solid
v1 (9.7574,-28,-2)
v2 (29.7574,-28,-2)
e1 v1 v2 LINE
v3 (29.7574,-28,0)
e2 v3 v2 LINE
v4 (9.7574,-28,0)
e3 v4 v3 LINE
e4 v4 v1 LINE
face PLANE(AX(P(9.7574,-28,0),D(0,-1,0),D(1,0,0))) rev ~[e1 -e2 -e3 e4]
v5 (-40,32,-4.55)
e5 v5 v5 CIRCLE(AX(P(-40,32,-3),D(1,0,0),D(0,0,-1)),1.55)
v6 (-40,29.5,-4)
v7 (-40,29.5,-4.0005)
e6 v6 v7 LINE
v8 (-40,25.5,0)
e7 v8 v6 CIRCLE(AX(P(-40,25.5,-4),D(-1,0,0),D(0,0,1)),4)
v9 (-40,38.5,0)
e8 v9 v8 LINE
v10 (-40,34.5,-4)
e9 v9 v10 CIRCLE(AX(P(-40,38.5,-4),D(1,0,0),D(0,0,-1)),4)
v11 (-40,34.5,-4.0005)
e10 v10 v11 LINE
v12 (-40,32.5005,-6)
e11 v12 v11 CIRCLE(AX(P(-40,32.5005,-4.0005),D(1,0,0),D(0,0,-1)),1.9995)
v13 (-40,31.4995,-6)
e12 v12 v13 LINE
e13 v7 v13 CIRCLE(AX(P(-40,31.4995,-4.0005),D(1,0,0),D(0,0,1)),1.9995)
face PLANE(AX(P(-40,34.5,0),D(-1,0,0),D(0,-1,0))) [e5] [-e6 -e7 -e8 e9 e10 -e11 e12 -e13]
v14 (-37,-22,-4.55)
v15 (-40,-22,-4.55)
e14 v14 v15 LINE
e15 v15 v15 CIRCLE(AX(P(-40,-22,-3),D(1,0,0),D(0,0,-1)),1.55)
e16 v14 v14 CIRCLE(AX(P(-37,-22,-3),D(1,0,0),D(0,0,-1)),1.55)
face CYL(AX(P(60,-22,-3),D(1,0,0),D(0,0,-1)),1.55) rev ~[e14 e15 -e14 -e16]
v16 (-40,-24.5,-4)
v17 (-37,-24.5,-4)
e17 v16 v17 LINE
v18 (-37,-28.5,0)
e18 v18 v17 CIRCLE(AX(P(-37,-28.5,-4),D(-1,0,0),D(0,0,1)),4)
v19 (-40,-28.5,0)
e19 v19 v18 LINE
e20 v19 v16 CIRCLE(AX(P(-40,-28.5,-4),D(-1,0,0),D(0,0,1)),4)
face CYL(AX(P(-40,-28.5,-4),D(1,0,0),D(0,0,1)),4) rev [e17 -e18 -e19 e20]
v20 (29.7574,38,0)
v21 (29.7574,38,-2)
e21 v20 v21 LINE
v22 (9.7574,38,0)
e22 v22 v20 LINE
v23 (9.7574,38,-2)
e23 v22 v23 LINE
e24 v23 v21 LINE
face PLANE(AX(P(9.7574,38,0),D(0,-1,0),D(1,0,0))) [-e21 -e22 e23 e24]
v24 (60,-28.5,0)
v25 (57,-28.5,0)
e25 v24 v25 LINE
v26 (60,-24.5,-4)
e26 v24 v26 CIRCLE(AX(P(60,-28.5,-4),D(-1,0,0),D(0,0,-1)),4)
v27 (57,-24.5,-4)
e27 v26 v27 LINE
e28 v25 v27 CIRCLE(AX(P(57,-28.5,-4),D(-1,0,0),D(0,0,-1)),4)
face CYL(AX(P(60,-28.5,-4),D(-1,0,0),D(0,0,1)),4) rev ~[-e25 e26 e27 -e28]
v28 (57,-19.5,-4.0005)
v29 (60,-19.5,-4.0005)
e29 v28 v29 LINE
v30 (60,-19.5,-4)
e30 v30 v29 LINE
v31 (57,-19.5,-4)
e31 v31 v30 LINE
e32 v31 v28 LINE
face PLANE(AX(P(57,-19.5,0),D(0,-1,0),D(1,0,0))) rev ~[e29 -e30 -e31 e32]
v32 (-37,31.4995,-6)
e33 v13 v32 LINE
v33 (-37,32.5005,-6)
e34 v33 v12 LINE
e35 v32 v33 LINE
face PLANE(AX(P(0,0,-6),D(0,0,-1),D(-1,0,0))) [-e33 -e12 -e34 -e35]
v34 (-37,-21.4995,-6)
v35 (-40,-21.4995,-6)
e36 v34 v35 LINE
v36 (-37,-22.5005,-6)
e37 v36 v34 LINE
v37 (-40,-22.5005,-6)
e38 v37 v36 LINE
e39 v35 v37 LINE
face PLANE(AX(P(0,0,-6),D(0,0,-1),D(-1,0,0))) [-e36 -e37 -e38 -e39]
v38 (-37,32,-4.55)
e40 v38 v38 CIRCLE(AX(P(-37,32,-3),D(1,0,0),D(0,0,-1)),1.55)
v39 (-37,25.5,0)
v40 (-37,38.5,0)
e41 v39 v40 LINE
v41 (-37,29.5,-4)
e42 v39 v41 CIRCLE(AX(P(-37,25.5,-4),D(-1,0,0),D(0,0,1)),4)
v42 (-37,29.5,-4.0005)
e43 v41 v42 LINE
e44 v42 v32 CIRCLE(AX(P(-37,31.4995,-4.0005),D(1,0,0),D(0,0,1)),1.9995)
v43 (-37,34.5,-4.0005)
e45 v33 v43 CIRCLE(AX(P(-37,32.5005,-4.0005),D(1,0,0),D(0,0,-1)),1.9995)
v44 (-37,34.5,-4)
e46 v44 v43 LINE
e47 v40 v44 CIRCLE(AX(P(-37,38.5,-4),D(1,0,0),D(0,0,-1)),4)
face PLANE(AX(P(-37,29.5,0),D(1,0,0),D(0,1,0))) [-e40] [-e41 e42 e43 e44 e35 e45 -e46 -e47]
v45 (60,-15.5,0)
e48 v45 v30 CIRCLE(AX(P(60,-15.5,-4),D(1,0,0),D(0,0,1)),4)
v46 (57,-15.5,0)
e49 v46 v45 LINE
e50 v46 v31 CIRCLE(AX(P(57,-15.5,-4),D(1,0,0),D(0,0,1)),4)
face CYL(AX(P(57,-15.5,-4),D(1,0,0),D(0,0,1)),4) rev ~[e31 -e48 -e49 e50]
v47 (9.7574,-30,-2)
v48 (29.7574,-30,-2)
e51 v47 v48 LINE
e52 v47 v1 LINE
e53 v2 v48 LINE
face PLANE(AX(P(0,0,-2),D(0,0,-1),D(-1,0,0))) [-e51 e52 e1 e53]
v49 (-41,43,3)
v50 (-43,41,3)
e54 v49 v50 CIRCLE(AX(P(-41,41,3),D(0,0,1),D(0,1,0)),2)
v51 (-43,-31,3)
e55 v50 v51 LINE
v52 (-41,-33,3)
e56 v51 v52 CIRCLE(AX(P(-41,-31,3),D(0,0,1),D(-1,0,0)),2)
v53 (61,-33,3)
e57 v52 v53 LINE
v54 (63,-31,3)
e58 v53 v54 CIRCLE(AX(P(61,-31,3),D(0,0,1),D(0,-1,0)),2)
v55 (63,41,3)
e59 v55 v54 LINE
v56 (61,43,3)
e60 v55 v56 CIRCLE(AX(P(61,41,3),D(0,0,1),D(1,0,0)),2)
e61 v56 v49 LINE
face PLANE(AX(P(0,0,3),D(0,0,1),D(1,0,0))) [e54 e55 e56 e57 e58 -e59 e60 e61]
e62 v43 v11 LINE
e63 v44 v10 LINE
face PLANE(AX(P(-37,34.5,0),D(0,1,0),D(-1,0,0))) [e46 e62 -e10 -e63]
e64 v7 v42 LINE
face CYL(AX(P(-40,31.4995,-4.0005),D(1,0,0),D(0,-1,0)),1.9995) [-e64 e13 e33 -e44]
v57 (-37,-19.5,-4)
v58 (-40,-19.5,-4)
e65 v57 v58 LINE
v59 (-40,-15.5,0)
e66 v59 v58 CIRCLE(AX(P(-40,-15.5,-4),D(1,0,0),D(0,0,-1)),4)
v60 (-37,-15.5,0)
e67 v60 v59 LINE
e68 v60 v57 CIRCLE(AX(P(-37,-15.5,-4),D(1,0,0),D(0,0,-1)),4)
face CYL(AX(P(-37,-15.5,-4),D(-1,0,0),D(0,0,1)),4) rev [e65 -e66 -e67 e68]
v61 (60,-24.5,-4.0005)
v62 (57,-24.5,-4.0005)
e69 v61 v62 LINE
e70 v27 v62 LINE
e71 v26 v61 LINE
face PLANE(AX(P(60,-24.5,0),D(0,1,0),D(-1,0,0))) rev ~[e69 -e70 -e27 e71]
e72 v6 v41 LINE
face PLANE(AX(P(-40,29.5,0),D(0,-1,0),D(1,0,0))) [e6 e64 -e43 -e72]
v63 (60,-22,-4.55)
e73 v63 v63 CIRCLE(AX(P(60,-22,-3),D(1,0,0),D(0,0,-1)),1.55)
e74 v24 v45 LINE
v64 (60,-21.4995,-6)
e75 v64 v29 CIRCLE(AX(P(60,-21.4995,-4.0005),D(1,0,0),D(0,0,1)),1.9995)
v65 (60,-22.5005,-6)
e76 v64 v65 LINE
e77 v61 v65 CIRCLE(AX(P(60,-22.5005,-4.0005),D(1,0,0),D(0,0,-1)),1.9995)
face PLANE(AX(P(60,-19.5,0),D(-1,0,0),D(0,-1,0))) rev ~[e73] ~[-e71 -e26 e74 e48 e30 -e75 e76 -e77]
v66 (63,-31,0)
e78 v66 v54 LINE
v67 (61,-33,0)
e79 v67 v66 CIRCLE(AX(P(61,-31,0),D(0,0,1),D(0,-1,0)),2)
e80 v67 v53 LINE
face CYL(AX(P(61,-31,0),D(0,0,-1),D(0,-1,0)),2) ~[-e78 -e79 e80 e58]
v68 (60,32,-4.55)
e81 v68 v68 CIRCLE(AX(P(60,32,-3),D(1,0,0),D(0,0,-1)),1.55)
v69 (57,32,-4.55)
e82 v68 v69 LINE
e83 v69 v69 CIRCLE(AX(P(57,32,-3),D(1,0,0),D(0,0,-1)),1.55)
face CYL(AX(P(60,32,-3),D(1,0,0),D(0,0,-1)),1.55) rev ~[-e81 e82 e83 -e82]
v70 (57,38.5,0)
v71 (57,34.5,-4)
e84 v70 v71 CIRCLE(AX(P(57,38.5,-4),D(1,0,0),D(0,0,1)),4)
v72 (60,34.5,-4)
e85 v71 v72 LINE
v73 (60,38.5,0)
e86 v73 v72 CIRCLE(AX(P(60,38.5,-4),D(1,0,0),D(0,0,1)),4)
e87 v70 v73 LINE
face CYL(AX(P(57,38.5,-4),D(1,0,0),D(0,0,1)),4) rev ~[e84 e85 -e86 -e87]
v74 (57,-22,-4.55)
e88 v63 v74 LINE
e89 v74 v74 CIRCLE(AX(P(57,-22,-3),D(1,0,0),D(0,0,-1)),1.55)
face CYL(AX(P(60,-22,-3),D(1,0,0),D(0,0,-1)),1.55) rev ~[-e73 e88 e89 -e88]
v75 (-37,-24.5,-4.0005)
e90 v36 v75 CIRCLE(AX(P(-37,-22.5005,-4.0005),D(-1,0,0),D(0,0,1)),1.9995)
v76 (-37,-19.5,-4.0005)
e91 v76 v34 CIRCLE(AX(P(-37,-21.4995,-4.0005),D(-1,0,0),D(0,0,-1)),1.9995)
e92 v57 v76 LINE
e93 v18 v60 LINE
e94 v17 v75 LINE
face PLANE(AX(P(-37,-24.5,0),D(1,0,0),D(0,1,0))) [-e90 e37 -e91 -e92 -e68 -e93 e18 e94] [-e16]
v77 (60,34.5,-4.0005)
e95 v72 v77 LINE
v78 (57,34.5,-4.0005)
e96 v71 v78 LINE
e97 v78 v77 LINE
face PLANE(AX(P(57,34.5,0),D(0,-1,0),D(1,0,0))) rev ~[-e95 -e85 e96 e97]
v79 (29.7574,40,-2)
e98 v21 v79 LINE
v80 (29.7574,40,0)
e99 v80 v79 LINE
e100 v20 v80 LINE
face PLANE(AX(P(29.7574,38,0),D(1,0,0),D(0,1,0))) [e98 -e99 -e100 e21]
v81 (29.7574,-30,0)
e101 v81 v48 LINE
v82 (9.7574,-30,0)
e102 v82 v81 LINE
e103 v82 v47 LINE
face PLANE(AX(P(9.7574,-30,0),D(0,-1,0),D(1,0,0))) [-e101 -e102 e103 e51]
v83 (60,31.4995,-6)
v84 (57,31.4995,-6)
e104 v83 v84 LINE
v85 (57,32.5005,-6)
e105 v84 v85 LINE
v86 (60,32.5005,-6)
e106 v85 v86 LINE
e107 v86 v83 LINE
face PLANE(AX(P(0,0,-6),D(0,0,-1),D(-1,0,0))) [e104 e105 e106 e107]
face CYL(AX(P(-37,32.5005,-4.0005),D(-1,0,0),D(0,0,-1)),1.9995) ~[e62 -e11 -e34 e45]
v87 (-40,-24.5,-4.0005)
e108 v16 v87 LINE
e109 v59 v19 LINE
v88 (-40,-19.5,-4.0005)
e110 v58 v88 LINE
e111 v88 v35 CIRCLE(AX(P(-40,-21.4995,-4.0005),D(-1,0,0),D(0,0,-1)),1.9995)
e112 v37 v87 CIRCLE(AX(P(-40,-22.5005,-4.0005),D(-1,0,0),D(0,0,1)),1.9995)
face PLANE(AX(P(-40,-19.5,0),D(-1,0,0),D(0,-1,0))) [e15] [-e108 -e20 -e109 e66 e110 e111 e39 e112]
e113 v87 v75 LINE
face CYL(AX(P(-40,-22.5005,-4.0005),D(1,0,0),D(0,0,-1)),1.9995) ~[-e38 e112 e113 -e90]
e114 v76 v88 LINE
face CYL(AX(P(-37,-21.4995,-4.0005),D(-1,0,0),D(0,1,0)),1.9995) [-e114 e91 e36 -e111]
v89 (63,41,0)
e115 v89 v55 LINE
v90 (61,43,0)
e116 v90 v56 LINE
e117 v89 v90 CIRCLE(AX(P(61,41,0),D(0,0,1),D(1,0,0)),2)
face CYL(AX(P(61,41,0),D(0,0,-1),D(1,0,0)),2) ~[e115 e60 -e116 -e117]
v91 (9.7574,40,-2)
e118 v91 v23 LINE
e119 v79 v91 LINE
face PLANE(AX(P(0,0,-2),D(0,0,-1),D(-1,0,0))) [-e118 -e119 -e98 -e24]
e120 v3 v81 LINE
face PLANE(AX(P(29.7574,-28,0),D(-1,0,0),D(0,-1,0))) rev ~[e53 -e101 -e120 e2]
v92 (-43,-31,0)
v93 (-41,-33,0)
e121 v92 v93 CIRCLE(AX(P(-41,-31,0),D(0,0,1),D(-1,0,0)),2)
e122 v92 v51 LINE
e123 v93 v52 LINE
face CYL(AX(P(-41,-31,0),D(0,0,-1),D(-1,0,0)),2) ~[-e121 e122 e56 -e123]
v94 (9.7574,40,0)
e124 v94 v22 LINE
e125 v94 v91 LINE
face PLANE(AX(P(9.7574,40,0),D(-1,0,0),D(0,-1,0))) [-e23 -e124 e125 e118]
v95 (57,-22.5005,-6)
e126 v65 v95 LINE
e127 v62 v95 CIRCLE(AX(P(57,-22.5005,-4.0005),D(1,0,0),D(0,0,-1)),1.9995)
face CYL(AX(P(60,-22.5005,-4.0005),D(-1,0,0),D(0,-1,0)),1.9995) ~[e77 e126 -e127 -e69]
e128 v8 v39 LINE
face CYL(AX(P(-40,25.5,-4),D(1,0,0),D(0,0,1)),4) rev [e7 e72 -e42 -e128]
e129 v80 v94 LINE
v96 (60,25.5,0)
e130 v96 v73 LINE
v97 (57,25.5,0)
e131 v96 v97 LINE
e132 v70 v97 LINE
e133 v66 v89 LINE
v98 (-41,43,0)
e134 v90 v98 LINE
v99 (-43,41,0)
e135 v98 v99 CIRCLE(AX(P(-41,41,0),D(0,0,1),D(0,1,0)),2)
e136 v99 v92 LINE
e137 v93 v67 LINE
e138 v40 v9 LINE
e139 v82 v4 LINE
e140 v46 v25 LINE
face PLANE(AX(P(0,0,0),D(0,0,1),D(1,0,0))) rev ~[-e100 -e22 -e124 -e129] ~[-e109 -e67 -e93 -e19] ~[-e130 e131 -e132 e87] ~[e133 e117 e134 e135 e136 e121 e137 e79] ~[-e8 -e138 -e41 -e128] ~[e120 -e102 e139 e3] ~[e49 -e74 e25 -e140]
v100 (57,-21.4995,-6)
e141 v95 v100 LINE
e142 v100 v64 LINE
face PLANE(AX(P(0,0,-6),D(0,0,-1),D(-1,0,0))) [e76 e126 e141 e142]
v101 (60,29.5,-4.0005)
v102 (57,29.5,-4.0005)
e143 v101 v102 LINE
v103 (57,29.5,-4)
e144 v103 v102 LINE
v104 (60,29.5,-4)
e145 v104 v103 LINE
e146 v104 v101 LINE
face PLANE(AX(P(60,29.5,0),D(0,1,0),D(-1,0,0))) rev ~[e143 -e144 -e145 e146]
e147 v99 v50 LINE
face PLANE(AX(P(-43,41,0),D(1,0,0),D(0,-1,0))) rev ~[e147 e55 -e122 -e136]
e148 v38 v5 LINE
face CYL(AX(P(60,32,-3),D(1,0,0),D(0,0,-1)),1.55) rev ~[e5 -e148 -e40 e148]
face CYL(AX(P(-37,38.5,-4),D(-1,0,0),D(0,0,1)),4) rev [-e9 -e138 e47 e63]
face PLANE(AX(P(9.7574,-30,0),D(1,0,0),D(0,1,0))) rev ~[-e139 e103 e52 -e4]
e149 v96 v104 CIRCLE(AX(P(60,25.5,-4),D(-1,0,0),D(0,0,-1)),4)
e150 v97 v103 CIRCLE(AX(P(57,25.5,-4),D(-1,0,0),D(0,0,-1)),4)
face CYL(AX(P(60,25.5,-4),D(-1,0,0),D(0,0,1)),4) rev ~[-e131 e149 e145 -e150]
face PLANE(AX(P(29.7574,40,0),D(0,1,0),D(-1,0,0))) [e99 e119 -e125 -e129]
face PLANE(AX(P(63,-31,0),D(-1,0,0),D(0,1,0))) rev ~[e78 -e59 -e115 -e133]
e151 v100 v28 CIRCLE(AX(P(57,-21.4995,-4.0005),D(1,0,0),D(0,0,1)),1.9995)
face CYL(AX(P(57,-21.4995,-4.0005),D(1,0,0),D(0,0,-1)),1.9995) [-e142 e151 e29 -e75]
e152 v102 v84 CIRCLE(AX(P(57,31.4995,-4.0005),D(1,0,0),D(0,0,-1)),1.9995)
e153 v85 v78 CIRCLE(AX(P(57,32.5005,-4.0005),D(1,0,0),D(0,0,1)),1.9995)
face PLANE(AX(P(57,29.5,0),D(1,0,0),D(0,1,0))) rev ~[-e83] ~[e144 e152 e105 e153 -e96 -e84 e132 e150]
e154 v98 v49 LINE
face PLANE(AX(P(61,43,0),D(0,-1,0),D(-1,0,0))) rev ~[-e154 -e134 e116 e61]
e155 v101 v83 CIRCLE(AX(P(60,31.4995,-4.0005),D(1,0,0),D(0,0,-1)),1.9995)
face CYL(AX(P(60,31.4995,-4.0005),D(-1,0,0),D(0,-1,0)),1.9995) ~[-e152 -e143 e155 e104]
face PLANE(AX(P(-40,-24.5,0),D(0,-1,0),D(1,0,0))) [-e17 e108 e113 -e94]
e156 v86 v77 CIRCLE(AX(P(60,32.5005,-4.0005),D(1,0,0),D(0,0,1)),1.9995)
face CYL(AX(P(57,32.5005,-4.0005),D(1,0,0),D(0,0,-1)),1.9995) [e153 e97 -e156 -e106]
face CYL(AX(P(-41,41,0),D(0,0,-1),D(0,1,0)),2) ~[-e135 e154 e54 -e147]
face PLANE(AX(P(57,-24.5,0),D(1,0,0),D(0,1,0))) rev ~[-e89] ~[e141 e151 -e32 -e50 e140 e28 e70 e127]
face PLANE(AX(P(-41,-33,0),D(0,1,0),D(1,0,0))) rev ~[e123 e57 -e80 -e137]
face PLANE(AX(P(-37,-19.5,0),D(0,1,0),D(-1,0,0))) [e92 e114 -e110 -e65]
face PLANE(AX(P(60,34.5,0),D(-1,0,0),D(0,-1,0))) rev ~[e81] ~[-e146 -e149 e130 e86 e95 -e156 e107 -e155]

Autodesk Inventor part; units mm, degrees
ref_plane "YZ Plane" through (0, 0, 0) normal (1, 0, 0) x (0, 1, 0)
ref_plane "XZ Plane" through (0, 0, 0) normal (0, 1, 0) x (-1, 0, 0)
ref_plane "XY Plane" through (0, 0, 0) normal (0, 0, 1) x (1, 0, 0)
ref_plane "Arbeitsebene1" through (0, 0, 0) normal (0, 0, 1) x (1, 0, 0)
sketch "Skizze1" plane through (0, 0, 0) normal (0, 0, 1) x (1, 0, 0)
  arc A0 (63, -2) -> (61, 0) centre (61, -2) ccw projected
  line L0 (61, 0) -> (60, 0) projected
  line L1 (60, 0) -> (60, -30) projected
  line L2 (60, -30) -> (-40, -30) projected
  line L3 (-40, -30) -> (-40, 40) projected
  line L4 (-40, 40) -> (60, 40) projected
  line L5 (60, 40) -> (60, 10) projected
  line L6 (60, 10) -> (61, 10) projected
  arc A1 (61, 10) -> (63, 12) centre (61, 12) ccw projected
  line L7 (63, 12) -> (63, 41) projected
  arc A2 (63, 41) -> (61, 43) centre (61, 41) ccw projected
  line L8 (61, 43) -> (-41, 43) projected
  arc A3 (-41, 43) -> (-43, 41) centre (-41, 41) ccw projected
  line L9 (-43, 41) -> (-43, -31) projected
  arc A4 (-43, -31) -> (-41, -33) centre (-41, -31) ccw projected
  line L10 (-41, -33) -> (61, -33) projected
  arc A5 (61, -33) -> (63, -31) centre (61, -31) ccw projected
  line L11 (63, -31) -> (63, -2) projected
  line L12 (63, 12) -> (63, -2)
  point P0 (0, 0)
extrude "Extrusion1" add sketch "Skizze1" along normal blind 3
sketch "Skizze2" plane through (0, 0, 0) normal (0, 0, -1) x (-1, 0, 0)
  line L0 (40, -30) -> (-60, -30) construction
  line L1 (-60, -30) -> (-60, 40) construction
  line L2 (-60, 40) -> (40, 40) construction
  line L3 (40, 40) -> (40, -30) construction
  line L4 (40, -24.5) -> (37, -24.5)
  line L5 (37, -24.5) -> (37, -19.5)
  line L6 (37, -19.5) -> (40, -19.5)
  line L7 (40, -19.5) -> (40, -24.5)
  line L8 (40, 29.5) -> (37, 29.5)
  line L9 (37, 29.5) -> (37, 34.5)
  line L10 (37, 34.5) -> (40, 34.5)
  line L11 (40, 34.5) -> (40, 29.5)
  line L12 (-60, -24.5) -> (-57, -24.5)
  line L13 (-57, -24.5) -> (-57, -19.5)
  line L14 (-57, -19.5) -> (-60, -19.5)
  line L15 (-60, -19.5) -> (-60, -24.5)
  line L16 (-60, 29.5) -> (-57, 29.5)
  line L17 (-57, 29.5) -> (-57, 34.5)
  line L18 (-57, 34.5) -> (-60, 34.5)
  line L19 (-60, 34.5) -> (-60, 29.5)
  line L20 (37, -22) -> (40, -22) construction
  line L21 (37, 32) -> (40, 32) construction
  point P0 (38.5, -22)
  dimension "d2" = 3
  dimension "d3" = 5
  dimension "d4" = 8
  dimension "d5" = 8
extrude "Extrusion2" add sketch "Skizze2" along normal blind 6
sketch "Skizze4" plane through (0, 0, 0) normal (0, 0, -1) x (-1, 0, 0)
  line L0 (-60, 40) -> (40, 40) projected
  line L1 (40, -30) -> (-60, -30) projected
  line L2 (-9.7574, 40) -> (-9.7574, 38)
  line L3 (-9.7574, 38) -> (-29.7574, 38)
  line L4 (-29.7574, 38) -> (-29.7574, 40)
  line L5 (-9.7574, -30) -> (-9.7574, -28)
  line L6 (-9.7574, -28) -> (-29.7574, -28)
  line L7 (-29.7574, -28) -> (-29.7574, -30)
  point P0 (0, 0)
  dimension "d10" = 2
  dimension "d11" = 20
extrude "Extrusion3" add sketch "Skizze4" along normal blind 2
fillet "Rundung1" radius 4 8 edges at (-38.5, 34.5, 0) (-38.5, 29.5, 0) (-38.5, -24.5, 0) (-38.5, -19.5, 0) (58.5, 34.5, 0) (58.5, -19.5, 0) (58.5, 29.5, 0) (58.5, -24.5, 0)
sketch "Skizze5" plane through (60, 29.5, -6) normal (1, 0, 0) x (0, 0, -1)
  circle A0 centre (-3, 2.5) radius 1.55 projected
  circle A1 centre (-3, -51.5) radius 1.55 projected
  point P0 (-6, -29.5)
extrude "Extrusion4" cut sketch "Skizze5" against normal through all
fillet "Rundung2" radius 2 8 edges at (58.5, 29.5, -6) (58.5, 34.5, -6) (58.5, -24.5, -6) (58.5, -19.5, -6) (-38.5, 29.5, -6) (-38.5, 34.5, -6) (-38.5, -24.5, -6) (-38.5, -19.5, -6)
properties part number "Box_Arduino_Oben_2"
